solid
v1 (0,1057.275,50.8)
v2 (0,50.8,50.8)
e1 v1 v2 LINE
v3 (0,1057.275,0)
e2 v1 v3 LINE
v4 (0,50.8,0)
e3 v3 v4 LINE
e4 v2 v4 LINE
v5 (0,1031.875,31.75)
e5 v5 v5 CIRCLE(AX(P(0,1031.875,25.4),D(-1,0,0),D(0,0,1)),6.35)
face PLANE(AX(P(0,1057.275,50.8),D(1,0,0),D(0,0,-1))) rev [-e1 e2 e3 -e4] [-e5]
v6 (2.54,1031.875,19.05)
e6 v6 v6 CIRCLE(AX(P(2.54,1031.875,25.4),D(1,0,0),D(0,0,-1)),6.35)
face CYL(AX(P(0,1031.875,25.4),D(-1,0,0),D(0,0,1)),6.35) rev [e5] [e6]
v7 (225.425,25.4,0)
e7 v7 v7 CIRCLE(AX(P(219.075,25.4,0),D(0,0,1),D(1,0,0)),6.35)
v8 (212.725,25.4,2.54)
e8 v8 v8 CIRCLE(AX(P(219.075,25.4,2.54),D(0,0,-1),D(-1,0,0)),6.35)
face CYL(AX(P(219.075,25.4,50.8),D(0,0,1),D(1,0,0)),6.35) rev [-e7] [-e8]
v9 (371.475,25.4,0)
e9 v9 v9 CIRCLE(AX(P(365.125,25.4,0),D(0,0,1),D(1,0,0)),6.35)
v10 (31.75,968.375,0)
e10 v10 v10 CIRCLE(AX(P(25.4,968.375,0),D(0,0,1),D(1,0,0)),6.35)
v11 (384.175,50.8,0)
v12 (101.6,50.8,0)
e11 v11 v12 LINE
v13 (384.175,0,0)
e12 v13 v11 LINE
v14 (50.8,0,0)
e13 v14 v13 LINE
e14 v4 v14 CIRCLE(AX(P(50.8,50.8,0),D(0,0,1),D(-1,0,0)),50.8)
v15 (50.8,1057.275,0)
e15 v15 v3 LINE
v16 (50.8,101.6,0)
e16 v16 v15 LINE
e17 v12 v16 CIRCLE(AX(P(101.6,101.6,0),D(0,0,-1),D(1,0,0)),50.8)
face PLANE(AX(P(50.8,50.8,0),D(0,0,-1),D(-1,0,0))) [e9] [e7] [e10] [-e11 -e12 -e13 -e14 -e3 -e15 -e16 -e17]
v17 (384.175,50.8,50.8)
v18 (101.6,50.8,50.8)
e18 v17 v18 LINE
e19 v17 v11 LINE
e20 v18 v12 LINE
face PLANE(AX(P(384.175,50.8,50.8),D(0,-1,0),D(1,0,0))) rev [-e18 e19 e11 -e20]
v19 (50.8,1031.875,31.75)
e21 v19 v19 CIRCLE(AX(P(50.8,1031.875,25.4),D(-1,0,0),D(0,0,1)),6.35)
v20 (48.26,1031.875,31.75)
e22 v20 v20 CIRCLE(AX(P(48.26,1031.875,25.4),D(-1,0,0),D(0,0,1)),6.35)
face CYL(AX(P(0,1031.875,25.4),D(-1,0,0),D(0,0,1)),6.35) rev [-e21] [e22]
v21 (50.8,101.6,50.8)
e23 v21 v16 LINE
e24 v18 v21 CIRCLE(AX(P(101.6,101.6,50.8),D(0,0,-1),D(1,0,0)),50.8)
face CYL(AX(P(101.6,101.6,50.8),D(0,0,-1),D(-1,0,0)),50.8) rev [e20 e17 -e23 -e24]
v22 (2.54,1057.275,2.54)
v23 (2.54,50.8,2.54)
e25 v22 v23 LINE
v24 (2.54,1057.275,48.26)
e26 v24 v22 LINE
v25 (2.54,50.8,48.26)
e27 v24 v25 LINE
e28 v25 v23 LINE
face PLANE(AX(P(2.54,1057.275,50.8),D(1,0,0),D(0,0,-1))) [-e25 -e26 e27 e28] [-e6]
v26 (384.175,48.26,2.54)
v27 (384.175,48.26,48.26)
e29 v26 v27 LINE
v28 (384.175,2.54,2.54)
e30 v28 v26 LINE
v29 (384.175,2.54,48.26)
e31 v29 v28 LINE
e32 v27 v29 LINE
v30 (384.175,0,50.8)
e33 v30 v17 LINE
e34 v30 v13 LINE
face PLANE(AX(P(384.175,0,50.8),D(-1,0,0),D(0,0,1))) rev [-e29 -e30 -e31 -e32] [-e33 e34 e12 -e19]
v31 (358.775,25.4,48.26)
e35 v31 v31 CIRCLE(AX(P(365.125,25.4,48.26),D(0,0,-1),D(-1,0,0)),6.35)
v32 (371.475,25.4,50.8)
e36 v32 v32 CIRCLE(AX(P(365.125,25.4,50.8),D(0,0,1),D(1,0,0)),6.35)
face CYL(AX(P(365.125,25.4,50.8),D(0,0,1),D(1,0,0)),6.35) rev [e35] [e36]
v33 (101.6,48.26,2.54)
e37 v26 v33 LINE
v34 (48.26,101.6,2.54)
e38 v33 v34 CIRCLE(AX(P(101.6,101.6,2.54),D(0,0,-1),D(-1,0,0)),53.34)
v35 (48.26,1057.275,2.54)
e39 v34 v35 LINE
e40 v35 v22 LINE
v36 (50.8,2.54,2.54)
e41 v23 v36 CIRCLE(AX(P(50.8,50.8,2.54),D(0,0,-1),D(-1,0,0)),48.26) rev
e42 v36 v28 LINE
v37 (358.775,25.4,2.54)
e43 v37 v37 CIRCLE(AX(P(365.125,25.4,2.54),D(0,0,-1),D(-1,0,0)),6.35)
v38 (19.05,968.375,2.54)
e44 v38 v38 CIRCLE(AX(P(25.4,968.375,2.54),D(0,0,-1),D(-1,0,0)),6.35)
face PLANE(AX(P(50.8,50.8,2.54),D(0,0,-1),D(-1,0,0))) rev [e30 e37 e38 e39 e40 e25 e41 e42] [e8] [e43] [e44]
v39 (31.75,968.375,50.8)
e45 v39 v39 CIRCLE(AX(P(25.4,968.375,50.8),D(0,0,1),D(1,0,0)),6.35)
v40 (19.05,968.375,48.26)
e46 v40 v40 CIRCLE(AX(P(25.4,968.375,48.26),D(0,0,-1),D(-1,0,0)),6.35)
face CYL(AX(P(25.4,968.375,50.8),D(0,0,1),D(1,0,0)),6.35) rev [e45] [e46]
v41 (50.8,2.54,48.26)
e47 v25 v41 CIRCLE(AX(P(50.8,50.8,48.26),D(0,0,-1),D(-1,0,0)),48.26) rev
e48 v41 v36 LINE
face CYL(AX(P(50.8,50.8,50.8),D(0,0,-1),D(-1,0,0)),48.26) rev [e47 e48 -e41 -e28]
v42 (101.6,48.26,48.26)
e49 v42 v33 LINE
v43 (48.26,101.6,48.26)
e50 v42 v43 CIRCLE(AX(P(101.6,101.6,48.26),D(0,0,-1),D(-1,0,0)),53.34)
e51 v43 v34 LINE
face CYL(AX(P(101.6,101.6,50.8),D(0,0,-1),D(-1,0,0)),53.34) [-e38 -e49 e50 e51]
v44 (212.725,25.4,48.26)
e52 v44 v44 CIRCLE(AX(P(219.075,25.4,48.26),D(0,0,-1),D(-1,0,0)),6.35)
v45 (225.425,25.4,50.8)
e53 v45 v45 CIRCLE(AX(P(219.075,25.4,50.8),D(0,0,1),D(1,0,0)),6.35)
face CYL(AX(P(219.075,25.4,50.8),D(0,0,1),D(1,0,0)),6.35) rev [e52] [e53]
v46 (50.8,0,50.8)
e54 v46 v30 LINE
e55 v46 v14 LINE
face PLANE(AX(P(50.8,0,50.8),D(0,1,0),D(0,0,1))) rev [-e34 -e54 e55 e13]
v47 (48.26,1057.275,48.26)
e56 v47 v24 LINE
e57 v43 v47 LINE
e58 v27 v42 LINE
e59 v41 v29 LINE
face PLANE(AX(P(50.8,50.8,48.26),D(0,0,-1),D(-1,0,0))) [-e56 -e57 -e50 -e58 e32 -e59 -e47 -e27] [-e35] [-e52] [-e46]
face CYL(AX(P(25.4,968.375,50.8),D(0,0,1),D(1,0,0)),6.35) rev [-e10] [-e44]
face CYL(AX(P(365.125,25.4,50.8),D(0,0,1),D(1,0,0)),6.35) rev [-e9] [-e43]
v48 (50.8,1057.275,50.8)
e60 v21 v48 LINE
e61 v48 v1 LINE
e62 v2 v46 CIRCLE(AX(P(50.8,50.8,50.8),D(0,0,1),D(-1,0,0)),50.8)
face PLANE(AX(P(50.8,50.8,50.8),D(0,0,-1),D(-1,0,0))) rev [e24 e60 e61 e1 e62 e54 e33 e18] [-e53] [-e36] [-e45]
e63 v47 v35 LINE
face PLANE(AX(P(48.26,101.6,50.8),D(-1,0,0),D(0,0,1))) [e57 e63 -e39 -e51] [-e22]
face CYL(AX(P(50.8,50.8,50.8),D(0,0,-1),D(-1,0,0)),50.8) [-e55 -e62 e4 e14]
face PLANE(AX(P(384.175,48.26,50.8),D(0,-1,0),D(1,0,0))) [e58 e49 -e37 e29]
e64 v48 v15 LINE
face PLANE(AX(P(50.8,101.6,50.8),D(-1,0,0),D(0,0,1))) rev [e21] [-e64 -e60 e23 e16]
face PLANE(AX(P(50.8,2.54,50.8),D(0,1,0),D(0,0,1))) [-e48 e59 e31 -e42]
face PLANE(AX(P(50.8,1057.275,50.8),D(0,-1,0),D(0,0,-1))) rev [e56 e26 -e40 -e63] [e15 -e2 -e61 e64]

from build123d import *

# Parameters (mm, degrees)
BOSS_EXTRUDE1_DEPTH       = 50.8
SHELL1_T                  = -2.54
SKETCH2_W                 = 45.72
SKETCH2_H                 = 45.72
CUT_EXTRUDE2_DEPTH        = 50.8
F_97_0_5_DIAMETER_HOLE1_D = 12.7
F_97_0_5_DIAMETER_HOLE2_D = 12.7
F_97_0_5_DIAMETER_HOLE3_D = 12.7


with BuildPart() as part:
    # Sketch1 → Boss-Extrude1 (new body)
    with BuildSketch(Plane.XY):
        with BuildLine():
            Line((0, 1057.275), (0, 50.8))
            ThreePointArc((0, 50.8), (14.878975516, 14.878975516), (50.8, 0))
            Line((50.8, 0), (384.175, 0))
            Line((384.175, 0), (384.175, 50.8))
            Line((384.175, 50.8), (101.6, 50.8))
            ThreePointArc((101.6, 50.8), (65.678975516, 65.678975516), (50.8, 101.6))
            Line((50.8, 101.6), (50.8, 1057.275))
            Line((50.8, 1057.275), (0, 1057.275))
        make_face()
    extrude(amount=BOSS_EXTRUDE1_DEPTH)

    # Shell1
    shell1_openings = [part.faces().sort_by_distance(p)[0] for p in [
        (25.4, 1057.275, 25.4),
    ]]
    offset(amount=SHELL1_T, openings=shell1_openings, kind=Kind.INTERSECTION)

    # Sketch2 → Cut-Extrude2 (cut)
    with BuildSketch(Plane(origin=(384.175, 0, 0), x_dir=(0, 0, -1), z_dir=(1, 0, 0))):
        with Locations((-25.4, 25.4)):
            Rectangle(SKETCH2_W, SKETCH2_H)
    extrude(amount=-CUT_EXTRUDE2_DEPTH, mode=Mode.SUBTRACT)

    # #97 (0.5) Diameter Hole1 (through all)
    with Locations(Plane(origin=(365.125, 25.4, 50.8), x_dir=(1, 0, 0), z_dir=(0, 0, 1))):
        with Locations((0, 0), (-146.05, 0)):
            Hole(F_97_0_5_DIAMETER_HOLE1_D / 2)

    # #97 (0.5) Diameter Hole2 (through all)
    with Locations(Plane(origin=(0, 1031.875, 25.4), x_dir=(0, 0, -1), z_dir=(-1, 0, 0))):
        with Locations((0, 0)):
            Hole(F_97_0_5_DIAMETER_HOLE2_D / 2)

    # #97 (0.5) Diameter Hole3 (through all)
    with Locations(Plane(origin=(25.4, 968.375, 50.8), x_dir=(1, 0, 0), z_dir=(0, 0, 1))):
        with Locations((0, 0)):
            Hole(F_97_0_5_DIAMETER_HOLE3_D / 2)


solid = part.part
